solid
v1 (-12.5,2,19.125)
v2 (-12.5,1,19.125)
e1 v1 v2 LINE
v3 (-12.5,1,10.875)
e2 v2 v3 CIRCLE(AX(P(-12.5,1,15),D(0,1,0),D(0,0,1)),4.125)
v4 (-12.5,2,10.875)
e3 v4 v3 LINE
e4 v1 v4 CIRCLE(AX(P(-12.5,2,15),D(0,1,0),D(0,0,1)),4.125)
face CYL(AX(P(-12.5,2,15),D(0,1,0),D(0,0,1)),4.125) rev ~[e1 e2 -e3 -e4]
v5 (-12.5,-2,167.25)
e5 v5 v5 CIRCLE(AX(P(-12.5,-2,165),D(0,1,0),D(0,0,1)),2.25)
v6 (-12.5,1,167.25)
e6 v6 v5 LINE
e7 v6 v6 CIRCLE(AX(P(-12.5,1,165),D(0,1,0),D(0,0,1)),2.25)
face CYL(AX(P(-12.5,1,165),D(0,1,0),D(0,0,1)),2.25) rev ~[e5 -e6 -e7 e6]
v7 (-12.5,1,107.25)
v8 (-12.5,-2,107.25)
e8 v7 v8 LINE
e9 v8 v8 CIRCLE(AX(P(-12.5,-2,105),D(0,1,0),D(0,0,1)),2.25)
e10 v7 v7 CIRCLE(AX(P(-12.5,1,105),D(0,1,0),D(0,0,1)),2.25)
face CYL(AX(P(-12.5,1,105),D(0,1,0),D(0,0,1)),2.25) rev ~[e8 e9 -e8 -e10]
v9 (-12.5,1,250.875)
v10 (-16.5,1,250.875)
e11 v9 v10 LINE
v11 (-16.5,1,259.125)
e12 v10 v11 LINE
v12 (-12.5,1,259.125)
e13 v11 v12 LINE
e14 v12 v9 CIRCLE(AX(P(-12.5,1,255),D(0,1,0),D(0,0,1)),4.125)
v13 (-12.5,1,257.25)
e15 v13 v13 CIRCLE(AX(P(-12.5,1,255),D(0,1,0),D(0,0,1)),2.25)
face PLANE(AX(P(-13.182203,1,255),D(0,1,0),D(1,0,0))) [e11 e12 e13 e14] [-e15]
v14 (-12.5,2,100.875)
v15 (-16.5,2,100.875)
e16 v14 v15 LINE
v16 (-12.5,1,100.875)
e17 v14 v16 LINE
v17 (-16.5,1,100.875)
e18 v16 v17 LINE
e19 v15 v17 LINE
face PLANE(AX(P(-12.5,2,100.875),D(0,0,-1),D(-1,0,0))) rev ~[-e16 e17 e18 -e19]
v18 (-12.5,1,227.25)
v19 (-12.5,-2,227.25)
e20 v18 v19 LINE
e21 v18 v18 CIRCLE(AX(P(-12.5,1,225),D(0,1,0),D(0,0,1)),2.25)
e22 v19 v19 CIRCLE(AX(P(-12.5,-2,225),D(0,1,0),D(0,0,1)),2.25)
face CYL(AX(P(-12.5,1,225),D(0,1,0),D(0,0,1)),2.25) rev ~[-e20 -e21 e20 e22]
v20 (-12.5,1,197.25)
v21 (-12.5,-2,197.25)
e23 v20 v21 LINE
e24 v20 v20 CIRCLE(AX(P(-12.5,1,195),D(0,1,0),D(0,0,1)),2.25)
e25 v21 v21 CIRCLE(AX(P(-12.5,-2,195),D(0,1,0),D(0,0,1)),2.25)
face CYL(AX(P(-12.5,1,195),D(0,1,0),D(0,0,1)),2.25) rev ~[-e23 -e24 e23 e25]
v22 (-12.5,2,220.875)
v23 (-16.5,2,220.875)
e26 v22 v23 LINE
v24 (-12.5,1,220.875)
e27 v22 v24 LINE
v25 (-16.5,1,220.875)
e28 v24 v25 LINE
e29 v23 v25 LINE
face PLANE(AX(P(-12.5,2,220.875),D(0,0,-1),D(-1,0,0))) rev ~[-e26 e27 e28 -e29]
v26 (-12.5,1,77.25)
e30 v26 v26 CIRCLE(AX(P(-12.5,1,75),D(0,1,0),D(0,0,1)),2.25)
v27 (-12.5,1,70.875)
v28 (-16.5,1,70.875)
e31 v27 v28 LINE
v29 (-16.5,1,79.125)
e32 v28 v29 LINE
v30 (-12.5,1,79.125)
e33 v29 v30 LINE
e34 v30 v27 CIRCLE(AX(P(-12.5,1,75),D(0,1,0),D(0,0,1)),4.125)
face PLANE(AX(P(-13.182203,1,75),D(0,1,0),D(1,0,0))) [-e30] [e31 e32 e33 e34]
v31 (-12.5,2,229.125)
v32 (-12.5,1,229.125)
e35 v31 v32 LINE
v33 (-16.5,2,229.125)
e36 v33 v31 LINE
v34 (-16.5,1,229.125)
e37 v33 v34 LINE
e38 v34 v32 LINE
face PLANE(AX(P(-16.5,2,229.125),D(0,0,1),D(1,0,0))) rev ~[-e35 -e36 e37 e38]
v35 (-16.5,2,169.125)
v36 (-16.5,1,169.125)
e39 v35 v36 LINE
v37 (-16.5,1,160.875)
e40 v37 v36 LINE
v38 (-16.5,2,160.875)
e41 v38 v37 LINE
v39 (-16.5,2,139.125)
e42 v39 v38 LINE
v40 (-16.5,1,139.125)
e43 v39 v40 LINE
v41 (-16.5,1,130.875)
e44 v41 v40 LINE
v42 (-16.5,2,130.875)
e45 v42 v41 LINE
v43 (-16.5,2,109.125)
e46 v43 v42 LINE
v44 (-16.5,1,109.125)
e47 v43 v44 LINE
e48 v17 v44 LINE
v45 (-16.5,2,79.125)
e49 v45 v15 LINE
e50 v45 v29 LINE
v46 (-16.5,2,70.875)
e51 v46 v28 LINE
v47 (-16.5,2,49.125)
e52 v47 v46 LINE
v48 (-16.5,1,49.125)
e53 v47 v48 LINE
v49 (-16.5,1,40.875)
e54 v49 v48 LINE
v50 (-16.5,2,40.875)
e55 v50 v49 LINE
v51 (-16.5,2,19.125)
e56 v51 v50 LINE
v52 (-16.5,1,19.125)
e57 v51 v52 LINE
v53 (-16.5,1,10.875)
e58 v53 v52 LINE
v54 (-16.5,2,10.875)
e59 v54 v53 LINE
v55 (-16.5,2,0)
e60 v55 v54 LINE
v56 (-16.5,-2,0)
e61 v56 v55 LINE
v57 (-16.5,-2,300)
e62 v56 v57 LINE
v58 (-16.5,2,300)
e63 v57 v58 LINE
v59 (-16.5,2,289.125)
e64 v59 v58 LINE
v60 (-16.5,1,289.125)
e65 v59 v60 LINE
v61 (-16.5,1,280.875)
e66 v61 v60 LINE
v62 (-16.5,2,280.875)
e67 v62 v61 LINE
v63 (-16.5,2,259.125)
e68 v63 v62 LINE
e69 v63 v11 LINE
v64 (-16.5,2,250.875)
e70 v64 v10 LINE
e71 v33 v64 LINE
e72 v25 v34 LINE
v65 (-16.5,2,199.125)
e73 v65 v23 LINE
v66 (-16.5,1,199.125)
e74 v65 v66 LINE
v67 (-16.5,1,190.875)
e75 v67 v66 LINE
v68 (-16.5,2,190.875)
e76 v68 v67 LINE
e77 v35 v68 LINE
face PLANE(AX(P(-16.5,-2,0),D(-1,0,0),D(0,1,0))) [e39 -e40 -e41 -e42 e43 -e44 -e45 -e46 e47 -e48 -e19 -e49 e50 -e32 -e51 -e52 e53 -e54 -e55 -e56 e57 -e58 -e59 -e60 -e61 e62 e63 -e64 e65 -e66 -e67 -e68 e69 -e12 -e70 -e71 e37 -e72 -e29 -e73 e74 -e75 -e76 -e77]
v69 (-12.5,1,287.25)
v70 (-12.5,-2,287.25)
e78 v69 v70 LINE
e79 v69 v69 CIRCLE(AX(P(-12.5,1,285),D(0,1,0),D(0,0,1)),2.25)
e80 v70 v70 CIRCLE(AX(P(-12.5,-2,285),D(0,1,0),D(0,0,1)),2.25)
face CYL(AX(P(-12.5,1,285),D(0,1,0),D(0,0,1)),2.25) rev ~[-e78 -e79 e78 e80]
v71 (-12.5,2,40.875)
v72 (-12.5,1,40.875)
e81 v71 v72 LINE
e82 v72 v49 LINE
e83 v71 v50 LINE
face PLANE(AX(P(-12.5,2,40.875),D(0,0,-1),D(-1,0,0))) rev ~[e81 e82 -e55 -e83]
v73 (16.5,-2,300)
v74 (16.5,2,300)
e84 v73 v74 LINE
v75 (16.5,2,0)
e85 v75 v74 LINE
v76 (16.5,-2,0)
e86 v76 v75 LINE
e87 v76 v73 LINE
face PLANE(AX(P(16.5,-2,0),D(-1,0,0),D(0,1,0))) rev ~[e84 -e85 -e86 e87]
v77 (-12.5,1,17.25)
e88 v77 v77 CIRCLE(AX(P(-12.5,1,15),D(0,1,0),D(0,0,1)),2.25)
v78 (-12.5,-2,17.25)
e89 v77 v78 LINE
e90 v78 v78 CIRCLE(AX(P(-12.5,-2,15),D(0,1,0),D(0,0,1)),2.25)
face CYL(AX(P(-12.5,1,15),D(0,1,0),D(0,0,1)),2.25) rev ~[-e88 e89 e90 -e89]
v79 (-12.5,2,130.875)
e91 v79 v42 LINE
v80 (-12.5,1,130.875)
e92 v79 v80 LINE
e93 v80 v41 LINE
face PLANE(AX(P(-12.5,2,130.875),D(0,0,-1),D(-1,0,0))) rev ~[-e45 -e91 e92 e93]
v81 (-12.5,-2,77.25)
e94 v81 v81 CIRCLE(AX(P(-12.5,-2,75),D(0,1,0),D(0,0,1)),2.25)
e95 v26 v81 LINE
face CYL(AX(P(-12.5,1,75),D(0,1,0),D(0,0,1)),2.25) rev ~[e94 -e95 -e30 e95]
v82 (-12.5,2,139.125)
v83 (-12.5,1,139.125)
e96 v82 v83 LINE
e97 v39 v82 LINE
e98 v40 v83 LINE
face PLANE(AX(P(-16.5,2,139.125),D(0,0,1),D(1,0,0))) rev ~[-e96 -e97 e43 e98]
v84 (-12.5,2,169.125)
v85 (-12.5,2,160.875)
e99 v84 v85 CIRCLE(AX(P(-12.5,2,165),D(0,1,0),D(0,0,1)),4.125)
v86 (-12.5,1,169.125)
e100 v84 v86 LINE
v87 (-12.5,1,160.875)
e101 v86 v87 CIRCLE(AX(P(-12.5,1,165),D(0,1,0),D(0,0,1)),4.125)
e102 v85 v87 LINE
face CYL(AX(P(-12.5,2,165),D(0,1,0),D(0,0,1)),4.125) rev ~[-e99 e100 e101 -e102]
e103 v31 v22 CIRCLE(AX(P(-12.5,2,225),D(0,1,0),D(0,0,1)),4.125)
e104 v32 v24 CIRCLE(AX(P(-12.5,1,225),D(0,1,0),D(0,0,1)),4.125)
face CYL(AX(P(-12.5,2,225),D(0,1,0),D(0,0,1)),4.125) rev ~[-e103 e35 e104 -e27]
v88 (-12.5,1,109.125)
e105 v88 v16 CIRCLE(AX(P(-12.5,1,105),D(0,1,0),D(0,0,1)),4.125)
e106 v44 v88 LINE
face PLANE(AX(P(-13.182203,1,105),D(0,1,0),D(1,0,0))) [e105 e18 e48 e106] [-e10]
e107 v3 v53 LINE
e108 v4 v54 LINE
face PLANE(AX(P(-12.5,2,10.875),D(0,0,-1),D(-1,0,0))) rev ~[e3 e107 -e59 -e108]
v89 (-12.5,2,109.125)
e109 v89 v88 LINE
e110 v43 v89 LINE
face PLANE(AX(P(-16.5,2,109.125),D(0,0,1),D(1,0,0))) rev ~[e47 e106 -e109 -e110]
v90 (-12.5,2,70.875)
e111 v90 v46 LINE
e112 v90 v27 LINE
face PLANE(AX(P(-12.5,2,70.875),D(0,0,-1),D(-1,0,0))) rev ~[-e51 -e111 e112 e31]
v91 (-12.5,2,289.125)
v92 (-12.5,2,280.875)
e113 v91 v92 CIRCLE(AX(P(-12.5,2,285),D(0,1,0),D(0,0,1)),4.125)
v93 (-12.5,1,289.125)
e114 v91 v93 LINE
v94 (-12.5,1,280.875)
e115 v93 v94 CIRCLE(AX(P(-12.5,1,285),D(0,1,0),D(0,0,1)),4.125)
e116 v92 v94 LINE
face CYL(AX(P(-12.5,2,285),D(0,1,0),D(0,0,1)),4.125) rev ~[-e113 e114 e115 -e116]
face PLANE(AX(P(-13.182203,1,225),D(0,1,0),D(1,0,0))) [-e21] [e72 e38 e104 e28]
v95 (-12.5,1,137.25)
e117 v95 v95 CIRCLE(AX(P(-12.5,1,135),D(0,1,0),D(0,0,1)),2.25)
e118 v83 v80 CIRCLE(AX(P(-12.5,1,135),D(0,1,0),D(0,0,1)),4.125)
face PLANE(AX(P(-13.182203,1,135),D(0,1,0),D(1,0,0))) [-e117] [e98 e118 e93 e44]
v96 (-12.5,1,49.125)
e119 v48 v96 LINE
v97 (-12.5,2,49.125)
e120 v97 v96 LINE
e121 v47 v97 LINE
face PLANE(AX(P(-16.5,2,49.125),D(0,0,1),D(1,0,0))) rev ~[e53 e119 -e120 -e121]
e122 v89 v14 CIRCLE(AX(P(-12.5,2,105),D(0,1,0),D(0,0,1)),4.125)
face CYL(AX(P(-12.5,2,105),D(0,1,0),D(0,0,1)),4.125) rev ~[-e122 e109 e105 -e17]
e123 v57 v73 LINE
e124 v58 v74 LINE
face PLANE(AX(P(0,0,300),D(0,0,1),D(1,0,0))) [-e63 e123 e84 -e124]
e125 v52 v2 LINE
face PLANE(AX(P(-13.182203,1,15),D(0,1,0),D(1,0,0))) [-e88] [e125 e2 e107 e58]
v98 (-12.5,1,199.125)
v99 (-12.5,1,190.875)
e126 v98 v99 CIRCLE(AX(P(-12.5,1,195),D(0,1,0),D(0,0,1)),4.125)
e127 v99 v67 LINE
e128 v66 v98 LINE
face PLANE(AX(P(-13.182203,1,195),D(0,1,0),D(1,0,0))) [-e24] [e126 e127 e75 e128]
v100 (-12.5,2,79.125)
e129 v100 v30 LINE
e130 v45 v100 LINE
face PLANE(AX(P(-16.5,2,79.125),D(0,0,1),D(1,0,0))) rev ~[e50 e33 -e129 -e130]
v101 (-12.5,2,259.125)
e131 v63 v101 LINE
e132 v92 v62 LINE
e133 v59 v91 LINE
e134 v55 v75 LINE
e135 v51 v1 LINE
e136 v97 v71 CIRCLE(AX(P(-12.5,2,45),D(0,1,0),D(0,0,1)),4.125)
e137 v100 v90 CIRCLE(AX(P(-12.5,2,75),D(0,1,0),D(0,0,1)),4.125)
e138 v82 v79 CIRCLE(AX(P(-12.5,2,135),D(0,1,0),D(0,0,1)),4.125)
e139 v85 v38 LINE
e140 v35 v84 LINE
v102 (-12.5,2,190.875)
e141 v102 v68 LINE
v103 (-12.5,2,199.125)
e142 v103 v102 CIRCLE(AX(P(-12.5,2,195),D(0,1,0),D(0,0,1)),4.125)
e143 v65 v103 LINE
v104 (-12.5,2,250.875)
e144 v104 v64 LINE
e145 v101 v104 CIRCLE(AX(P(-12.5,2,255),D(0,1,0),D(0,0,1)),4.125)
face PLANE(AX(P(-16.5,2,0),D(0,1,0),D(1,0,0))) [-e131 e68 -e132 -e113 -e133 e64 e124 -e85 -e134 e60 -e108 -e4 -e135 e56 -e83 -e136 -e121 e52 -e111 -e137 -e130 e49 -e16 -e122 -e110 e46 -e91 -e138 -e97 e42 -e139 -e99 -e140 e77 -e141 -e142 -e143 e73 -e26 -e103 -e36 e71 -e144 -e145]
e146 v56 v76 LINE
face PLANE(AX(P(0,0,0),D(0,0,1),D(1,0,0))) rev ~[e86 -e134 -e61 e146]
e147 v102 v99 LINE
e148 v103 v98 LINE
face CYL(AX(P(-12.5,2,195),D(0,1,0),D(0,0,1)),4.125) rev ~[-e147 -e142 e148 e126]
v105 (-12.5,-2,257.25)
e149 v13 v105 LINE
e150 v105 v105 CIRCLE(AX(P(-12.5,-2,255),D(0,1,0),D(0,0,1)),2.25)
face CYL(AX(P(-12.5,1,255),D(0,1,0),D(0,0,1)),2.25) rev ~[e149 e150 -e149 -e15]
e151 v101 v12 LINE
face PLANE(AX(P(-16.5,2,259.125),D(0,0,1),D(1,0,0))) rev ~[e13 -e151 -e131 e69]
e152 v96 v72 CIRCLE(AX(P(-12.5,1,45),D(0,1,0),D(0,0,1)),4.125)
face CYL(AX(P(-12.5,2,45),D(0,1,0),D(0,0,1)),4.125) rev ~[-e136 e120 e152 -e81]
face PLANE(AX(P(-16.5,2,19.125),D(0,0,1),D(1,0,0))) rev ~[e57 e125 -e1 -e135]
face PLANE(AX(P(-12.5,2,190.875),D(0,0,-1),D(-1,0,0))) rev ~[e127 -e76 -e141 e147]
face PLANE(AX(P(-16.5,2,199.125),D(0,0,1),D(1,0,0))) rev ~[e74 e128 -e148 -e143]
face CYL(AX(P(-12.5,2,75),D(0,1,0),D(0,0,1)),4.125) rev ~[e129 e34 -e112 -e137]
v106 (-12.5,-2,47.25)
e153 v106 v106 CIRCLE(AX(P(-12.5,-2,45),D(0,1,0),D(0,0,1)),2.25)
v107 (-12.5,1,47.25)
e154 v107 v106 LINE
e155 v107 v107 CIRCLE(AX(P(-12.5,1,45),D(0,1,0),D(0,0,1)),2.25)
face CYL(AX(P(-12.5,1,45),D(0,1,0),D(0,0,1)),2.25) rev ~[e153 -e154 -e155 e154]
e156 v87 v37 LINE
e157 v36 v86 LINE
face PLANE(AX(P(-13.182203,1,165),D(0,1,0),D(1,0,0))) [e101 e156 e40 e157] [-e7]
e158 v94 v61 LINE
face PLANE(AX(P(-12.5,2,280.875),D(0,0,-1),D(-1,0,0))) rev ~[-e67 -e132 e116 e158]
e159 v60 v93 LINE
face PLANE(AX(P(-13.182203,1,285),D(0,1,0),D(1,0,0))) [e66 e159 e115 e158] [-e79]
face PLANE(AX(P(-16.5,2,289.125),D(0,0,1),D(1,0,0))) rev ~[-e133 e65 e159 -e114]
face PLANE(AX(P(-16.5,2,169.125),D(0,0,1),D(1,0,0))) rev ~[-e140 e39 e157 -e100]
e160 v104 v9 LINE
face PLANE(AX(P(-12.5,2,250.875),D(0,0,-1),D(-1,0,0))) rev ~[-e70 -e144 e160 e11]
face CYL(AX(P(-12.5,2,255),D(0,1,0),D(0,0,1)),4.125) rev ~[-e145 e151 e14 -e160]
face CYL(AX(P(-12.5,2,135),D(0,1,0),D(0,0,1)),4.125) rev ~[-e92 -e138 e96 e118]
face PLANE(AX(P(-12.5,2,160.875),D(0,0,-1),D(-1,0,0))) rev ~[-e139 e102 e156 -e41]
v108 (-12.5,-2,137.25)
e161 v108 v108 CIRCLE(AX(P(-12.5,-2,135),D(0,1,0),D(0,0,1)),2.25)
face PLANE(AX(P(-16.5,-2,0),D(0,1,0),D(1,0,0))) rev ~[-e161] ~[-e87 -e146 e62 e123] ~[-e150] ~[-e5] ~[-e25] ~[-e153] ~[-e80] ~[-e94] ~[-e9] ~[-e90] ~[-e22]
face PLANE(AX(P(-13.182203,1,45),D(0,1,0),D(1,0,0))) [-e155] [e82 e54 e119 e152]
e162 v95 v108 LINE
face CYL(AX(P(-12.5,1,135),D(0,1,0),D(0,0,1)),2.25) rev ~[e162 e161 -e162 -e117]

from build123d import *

# Parameters (mm, degrees)
SKETCH1_W           = 33
SKETCH1_H           = 4
BOSS_EXTRUDE2_DEPTH = 300
CUT_EXTRUDE2_DEPTH  = 1
SKETCH5_R           = 2.25
CUT_EXTRUDE3_DEPTH  = 301.46838436
LPATTERN1_COUNT     = 10
LPATTERN1_PITCH     = 30


with BuildPart() as part:
    # Sketch1 → Boss-Extrude2 (new body)
    with BuildSketch(Plane.XY):
        Rectangle(SKETCH1_W, SKETCH1_H)
    extrude(amount=BOSS_EXTRUDE2_DEPTH)

    # Sketch2 → Cut-Extrude2 (cut)
    with BuildSketch(Plane(origin=(0, 2, 0), x_dir=(1, 0, 0), z_dir=(0, 1, 0))):
        with BuildLine():
            Line((-12.5, -10.875), (-16.5, -10.875))
            Line((-16.5, -10.875), (-16.5, -19.125))
            Line((-16.5, -19.125), (-12.5, -19.125))
            ThreePointArc((-12.5, -19.125), (-8.375, -15), (-12.5, -10.875))
        make_face()
    cut_extrude2 = extrude(amount=-CUT_EXTRUDE2_DEPTH, mode=Mode.SUBTRACT)

    # Sketch5 → Cut-Extrude3 (cut, through all)
    with BuildSketch(Plane(origin=(0, 1, 0), x_dir=(1, 0, 0), z_dir=(0, 1, 0))):
        with Locations(Location((-12.5, -15, 0), (0, 0, 270))):
            Circle(SKETCH5_R)
    cut_extrude3 = extrude(amount=-CUT_EXTRUDE3_DEPTH, mode=Mode.SUBTRACT)

    # LPattern1: Cut-Extrude2, Cut-Extrude3 ×10
    with Locations(*[(0, 0, i * LPATTERN1_PITCH) for i in range(1, LPATTERN1_COUNT)]):
        add(cut_extrude2, mode=Mode.SUBTRACT)
        add(cut_extrude3, mode=Mode.SUBTRACT)


solid = part.part
